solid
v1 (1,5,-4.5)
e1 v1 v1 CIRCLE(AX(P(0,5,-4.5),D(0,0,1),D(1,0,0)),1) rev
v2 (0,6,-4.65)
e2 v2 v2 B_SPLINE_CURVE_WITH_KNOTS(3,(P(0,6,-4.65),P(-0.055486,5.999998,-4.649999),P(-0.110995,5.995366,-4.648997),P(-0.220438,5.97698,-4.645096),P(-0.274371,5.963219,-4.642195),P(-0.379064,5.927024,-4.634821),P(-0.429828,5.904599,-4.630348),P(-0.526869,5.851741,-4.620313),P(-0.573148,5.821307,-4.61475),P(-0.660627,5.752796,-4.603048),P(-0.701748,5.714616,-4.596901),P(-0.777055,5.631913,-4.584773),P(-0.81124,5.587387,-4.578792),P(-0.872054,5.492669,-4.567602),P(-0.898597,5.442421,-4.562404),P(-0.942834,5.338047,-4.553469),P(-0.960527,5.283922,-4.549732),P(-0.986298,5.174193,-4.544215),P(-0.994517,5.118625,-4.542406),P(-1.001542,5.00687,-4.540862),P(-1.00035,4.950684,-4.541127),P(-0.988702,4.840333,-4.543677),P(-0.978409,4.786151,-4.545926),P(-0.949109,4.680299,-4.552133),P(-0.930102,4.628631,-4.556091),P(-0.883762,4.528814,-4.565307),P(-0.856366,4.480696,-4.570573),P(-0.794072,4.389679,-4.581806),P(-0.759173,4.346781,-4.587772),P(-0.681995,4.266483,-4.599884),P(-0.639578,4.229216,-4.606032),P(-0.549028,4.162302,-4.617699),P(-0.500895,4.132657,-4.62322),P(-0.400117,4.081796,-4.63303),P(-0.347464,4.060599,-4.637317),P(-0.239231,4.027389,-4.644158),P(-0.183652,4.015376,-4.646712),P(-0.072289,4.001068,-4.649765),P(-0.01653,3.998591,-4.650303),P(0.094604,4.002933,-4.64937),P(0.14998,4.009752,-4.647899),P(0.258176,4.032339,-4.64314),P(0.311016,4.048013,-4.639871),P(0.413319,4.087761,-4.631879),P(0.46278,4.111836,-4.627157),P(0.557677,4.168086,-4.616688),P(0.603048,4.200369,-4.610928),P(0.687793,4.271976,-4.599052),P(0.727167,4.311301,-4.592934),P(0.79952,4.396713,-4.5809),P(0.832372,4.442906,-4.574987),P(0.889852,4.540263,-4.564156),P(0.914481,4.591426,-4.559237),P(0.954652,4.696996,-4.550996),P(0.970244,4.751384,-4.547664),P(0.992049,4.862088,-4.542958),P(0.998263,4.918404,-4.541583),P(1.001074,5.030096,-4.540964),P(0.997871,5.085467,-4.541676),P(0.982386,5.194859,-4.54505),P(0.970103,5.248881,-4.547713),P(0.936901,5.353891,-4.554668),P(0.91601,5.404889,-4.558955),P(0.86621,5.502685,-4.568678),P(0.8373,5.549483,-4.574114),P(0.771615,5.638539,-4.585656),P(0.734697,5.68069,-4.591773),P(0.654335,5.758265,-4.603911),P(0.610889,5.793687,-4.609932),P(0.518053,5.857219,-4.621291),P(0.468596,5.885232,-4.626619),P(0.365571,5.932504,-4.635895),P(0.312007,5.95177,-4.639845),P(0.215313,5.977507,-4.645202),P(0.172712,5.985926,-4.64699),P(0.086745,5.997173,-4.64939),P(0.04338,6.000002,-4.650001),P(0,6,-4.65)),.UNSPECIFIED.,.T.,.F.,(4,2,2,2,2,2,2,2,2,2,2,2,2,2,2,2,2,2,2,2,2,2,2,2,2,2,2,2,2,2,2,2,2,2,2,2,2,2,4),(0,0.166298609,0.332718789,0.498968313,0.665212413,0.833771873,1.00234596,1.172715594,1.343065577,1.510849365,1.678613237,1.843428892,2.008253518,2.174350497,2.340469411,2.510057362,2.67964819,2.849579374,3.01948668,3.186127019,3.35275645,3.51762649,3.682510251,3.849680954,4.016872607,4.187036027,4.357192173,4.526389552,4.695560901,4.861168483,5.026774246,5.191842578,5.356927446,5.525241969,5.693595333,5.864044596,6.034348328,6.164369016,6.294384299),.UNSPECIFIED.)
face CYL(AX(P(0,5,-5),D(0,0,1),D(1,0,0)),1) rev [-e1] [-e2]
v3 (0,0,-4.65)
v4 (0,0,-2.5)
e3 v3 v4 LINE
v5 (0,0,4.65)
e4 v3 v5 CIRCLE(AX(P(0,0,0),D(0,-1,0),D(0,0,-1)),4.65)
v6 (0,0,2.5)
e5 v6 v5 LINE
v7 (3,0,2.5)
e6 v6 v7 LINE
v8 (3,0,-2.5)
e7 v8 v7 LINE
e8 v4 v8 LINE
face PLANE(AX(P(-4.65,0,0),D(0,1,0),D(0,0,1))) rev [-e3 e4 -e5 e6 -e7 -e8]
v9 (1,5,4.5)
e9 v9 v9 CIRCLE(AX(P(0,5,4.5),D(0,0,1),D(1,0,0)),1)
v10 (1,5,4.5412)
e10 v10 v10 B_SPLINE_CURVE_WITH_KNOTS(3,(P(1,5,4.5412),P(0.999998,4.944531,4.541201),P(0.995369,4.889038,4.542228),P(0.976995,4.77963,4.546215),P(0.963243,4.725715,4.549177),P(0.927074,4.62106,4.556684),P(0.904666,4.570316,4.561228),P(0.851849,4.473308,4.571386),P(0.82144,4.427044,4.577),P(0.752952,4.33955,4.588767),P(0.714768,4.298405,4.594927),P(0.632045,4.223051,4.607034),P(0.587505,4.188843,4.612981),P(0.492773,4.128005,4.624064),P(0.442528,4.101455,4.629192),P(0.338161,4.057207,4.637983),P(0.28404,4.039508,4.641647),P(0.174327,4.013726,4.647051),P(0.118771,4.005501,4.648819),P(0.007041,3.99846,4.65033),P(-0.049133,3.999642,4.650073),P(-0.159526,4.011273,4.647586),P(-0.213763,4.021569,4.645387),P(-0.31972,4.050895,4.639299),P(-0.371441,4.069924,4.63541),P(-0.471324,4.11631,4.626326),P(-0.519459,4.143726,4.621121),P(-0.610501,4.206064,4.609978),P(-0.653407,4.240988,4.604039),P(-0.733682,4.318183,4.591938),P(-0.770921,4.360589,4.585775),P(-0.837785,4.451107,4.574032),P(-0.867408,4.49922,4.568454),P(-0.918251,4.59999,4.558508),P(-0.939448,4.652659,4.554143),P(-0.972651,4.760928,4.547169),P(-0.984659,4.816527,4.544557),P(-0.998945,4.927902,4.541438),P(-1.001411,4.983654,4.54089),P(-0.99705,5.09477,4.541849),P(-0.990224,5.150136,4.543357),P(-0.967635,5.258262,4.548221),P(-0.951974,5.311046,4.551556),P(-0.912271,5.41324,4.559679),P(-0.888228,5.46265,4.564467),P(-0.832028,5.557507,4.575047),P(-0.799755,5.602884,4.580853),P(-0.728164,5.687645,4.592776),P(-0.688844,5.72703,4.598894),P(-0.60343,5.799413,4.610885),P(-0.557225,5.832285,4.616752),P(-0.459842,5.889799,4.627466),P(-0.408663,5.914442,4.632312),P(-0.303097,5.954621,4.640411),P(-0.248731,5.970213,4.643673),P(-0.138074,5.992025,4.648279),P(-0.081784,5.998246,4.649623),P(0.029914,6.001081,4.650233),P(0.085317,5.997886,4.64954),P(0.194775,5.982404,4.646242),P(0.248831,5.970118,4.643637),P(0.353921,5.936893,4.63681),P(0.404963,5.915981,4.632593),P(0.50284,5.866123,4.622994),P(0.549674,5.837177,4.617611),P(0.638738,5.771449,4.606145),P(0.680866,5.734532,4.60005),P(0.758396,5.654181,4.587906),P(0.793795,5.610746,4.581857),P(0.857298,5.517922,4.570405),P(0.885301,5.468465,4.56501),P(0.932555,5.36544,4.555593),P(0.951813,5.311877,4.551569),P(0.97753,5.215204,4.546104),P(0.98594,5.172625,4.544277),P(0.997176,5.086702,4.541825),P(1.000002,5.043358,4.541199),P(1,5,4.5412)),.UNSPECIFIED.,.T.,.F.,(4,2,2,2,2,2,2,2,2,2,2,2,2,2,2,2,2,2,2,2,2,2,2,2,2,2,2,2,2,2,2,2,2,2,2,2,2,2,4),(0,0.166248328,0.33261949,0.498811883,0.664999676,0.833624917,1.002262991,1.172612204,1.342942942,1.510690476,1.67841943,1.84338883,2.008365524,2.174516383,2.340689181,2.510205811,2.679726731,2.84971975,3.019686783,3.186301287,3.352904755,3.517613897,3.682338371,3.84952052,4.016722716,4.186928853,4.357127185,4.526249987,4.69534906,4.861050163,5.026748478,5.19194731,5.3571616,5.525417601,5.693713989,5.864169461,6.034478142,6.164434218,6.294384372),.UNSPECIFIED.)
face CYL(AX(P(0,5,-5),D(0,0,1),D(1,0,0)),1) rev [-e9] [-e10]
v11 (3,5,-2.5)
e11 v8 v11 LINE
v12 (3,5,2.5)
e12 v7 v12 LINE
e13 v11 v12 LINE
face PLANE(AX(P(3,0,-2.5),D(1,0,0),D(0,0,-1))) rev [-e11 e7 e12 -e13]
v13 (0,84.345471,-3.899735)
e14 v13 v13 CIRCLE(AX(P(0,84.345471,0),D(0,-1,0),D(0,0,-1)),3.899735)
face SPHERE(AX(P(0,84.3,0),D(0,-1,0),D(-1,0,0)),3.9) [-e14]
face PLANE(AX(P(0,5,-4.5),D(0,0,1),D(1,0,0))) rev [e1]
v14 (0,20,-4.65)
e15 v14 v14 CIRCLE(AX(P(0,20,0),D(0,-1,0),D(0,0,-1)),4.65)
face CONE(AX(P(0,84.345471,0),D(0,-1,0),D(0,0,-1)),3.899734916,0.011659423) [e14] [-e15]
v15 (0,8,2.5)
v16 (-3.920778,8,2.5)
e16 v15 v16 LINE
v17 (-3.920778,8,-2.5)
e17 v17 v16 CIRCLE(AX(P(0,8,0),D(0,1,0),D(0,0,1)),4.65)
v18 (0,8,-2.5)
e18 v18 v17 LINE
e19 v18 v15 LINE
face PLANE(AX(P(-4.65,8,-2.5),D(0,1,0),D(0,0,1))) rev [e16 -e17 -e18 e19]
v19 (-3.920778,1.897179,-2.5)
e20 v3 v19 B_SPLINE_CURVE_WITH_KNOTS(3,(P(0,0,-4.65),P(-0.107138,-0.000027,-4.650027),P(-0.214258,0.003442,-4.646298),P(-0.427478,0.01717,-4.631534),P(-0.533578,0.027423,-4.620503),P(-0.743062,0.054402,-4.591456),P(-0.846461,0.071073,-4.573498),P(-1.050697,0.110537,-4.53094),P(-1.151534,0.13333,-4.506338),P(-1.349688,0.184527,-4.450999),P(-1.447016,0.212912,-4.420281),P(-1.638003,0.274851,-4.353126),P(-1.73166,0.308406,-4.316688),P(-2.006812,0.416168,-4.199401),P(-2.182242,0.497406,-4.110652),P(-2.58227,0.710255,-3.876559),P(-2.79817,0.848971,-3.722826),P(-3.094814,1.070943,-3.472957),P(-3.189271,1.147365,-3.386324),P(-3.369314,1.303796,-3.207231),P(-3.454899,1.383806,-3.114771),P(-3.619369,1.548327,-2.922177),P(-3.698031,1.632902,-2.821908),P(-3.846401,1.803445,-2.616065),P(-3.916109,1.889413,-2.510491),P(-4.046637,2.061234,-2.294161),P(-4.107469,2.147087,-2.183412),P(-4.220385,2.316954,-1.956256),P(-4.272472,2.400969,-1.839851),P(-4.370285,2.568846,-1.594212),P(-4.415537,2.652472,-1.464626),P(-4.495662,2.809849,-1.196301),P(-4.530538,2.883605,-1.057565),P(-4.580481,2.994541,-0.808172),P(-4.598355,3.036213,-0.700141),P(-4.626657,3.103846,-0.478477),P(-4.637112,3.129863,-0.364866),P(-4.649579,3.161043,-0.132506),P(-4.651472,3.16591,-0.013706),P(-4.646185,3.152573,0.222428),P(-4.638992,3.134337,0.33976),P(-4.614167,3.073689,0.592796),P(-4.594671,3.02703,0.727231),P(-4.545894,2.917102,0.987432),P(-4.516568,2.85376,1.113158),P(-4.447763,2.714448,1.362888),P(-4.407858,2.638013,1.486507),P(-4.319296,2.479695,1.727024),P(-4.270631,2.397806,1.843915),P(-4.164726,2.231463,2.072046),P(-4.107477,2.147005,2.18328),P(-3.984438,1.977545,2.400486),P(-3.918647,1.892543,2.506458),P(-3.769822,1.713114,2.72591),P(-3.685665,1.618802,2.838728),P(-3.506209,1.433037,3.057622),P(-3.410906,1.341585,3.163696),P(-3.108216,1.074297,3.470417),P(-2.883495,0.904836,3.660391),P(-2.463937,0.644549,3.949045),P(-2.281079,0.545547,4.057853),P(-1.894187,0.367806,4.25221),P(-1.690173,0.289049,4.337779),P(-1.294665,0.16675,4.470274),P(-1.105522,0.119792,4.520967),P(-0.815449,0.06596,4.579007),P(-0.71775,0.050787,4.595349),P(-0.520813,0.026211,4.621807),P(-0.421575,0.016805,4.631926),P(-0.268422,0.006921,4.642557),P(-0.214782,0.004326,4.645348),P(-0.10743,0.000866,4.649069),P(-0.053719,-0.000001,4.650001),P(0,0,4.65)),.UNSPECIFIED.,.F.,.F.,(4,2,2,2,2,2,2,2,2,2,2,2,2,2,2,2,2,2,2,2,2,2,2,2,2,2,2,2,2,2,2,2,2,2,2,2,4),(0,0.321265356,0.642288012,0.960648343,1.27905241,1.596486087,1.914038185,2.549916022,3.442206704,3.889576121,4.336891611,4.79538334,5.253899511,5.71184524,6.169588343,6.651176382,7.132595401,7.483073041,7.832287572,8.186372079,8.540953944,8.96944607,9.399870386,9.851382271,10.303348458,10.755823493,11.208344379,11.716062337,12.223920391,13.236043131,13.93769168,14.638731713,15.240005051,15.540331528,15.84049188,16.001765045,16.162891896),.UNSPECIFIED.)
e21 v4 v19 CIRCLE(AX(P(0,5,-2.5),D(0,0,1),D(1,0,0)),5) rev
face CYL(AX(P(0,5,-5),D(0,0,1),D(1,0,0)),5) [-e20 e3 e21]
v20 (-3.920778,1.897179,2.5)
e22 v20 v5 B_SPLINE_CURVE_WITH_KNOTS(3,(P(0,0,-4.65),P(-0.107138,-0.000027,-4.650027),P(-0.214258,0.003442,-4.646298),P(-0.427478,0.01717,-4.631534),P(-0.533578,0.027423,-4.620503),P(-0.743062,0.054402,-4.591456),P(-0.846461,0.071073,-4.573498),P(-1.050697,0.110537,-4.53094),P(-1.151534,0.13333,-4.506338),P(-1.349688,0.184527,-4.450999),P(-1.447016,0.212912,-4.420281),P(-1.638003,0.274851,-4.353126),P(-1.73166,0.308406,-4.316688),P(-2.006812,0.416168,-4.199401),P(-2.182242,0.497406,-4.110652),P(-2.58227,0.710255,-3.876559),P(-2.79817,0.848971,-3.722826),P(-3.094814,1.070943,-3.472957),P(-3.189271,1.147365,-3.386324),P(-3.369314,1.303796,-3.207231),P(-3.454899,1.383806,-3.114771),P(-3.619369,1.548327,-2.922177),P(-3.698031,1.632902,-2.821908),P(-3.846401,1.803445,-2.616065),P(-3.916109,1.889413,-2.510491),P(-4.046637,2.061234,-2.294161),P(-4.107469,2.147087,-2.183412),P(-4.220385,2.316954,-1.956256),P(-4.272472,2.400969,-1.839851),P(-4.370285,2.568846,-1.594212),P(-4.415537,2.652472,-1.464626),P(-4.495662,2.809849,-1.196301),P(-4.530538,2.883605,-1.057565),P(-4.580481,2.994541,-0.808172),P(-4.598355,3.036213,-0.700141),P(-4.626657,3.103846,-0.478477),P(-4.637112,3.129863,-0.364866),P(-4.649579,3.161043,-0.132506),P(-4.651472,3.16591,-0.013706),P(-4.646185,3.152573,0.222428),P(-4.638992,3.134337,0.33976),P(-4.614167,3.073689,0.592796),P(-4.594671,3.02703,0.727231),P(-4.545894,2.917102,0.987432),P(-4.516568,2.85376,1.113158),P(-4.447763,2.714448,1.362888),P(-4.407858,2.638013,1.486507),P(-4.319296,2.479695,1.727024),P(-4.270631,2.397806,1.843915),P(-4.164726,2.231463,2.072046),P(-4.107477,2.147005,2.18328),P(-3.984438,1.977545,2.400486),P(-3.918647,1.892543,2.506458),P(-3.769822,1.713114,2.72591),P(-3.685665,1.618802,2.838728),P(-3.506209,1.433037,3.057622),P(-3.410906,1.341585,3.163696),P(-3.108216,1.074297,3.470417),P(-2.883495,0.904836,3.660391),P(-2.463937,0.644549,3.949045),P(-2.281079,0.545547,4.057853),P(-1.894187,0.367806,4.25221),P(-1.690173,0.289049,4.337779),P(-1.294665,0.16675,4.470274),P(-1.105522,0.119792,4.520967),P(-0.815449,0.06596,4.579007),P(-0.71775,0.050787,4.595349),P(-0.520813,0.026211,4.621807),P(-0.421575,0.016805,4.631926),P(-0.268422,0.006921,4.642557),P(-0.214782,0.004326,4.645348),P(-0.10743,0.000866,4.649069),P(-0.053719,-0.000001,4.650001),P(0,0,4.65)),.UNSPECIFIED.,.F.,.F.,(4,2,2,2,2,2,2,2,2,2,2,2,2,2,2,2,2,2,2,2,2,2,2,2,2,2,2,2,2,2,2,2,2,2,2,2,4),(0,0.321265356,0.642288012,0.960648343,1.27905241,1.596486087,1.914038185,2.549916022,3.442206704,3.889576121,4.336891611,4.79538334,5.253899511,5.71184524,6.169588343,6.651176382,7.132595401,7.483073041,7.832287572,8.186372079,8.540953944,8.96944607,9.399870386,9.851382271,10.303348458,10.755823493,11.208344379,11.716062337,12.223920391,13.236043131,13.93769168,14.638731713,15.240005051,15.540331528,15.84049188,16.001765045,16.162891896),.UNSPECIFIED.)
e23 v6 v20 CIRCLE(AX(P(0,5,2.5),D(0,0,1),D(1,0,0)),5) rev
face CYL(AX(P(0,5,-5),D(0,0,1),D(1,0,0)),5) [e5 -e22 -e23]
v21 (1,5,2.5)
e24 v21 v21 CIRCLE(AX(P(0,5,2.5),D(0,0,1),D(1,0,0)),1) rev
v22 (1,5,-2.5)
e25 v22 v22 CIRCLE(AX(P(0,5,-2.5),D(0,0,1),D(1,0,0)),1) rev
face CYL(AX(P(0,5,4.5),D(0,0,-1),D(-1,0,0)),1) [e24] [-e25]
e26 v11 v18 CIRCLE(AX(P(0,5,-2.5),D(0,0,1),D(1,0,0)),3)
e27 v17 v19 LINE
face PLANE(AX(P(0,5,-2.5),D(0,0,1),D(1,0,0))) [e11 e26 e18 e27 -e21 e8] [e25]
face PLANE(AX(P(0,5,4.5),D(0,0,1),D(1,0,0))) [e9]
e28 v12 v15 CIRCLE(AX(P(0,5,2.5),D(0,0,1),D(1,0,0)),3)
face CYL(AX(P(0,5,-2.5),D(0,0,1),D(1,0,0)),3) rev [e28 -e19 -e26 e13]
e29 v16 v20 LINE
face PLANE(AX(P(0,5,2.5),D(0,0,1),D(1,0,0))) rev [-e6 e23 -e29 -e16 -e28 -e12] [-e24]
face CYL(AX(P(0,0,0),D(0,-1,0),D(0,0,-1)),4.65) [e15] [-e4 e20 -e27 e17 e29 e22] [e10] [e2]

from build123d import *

# Parameters (mm, degrees)
SKETCH2_R           = 1
CUT_EXTRUDE1_DEPTH  = 5
CUT_EXTRUDE2_DEPTH  = 2.5
CUT_EXTRUDE3_DEPTH  = 5
SKETCH5_R           = 1
BOSS_EXTRUDE1_DEPTH = 4.5


with BuildPart() as part:
    # Sketch1 → Revolve1 (revolve)
    with BuildSketch(Plane.XY, mode=Mode.PRIVATE) as revolve1_sk:
        with BuildLine():
            Line((0, 0), (0, 88.2))
            ThreePointArc((0, 88.2), (-2.741592985, 87.073746186), (-3.899734916, 84.345470721))
            Line((-3.899734916, 84.345470721), (-4.65, 20))
            Line((-4.65, 20), (-4.65, 0))
            Line((-4.65, 0), (0, 0))
        make_face()
    revolve(revolve1_sk.sketch.rotate(Axis((0, 0, 0), (0, 1, 0)), 270), axis=Axis((0, 0, 0), (0, 1, 0)))

    # Sketch2 → Cut-Extrude1 (cut, symmetric)
    with BuildSketch(Plane.XY):
        with Locations((0, 5)):
            Circle(SKETCH2_R)
    extrude(amount=CUT_EXTRUDE1_DEPTH, both=True, mode=Mode.SUBTRACT)

    # Sketch3 → Cut-Extrude2 (cut, symmetric)
    with BuildSketch(Plane.XY):
        with BuildLine():
            Line((3, 0), (3, 5))
            ThreePointArc((3, 5), (2.121320344, 7.121320344), (0, 8))
            Line((0, 8), (-4.65, 8))
            Line((-4.65, 8), (-4.65, 0))
            Line((-4.65, 0), (3, 0))
        make_face()
    extrude(amount=CUT_EXTRUDE2_DEPTH, both=True, mode=Mode.SUBTRACT)

    # Sketch4 → Cut-Extrude3 (cut, symmetric)
    with BuildSketch(Plane.XY):
        with BuildLine():
            Line((-5, 5), (-8, 5))
            Line((-8, 5), (-8, -3))
            Line((-8, -3), (0, -3))
            Line((0, -3), (0, 0))
            ThreePointArc((0, 0), (-3.535533906, 1.464466094), (-5, 5))
        make_face()
    extrude(amount=CUT_EXTRUDE3_DEPTH, both=True, mode=Mode.SUBTRACT)

    # Sketch5 → Boss-Extrude1 (add, symmetric)
    with BuildSketch(Plane.XY):
        with Locations((0, 5)):
            Circle(SKETCH5_R)
    extrude(amount=BOSS_EXTRUDE1_DEPTH, both=True)


solid = part.part
